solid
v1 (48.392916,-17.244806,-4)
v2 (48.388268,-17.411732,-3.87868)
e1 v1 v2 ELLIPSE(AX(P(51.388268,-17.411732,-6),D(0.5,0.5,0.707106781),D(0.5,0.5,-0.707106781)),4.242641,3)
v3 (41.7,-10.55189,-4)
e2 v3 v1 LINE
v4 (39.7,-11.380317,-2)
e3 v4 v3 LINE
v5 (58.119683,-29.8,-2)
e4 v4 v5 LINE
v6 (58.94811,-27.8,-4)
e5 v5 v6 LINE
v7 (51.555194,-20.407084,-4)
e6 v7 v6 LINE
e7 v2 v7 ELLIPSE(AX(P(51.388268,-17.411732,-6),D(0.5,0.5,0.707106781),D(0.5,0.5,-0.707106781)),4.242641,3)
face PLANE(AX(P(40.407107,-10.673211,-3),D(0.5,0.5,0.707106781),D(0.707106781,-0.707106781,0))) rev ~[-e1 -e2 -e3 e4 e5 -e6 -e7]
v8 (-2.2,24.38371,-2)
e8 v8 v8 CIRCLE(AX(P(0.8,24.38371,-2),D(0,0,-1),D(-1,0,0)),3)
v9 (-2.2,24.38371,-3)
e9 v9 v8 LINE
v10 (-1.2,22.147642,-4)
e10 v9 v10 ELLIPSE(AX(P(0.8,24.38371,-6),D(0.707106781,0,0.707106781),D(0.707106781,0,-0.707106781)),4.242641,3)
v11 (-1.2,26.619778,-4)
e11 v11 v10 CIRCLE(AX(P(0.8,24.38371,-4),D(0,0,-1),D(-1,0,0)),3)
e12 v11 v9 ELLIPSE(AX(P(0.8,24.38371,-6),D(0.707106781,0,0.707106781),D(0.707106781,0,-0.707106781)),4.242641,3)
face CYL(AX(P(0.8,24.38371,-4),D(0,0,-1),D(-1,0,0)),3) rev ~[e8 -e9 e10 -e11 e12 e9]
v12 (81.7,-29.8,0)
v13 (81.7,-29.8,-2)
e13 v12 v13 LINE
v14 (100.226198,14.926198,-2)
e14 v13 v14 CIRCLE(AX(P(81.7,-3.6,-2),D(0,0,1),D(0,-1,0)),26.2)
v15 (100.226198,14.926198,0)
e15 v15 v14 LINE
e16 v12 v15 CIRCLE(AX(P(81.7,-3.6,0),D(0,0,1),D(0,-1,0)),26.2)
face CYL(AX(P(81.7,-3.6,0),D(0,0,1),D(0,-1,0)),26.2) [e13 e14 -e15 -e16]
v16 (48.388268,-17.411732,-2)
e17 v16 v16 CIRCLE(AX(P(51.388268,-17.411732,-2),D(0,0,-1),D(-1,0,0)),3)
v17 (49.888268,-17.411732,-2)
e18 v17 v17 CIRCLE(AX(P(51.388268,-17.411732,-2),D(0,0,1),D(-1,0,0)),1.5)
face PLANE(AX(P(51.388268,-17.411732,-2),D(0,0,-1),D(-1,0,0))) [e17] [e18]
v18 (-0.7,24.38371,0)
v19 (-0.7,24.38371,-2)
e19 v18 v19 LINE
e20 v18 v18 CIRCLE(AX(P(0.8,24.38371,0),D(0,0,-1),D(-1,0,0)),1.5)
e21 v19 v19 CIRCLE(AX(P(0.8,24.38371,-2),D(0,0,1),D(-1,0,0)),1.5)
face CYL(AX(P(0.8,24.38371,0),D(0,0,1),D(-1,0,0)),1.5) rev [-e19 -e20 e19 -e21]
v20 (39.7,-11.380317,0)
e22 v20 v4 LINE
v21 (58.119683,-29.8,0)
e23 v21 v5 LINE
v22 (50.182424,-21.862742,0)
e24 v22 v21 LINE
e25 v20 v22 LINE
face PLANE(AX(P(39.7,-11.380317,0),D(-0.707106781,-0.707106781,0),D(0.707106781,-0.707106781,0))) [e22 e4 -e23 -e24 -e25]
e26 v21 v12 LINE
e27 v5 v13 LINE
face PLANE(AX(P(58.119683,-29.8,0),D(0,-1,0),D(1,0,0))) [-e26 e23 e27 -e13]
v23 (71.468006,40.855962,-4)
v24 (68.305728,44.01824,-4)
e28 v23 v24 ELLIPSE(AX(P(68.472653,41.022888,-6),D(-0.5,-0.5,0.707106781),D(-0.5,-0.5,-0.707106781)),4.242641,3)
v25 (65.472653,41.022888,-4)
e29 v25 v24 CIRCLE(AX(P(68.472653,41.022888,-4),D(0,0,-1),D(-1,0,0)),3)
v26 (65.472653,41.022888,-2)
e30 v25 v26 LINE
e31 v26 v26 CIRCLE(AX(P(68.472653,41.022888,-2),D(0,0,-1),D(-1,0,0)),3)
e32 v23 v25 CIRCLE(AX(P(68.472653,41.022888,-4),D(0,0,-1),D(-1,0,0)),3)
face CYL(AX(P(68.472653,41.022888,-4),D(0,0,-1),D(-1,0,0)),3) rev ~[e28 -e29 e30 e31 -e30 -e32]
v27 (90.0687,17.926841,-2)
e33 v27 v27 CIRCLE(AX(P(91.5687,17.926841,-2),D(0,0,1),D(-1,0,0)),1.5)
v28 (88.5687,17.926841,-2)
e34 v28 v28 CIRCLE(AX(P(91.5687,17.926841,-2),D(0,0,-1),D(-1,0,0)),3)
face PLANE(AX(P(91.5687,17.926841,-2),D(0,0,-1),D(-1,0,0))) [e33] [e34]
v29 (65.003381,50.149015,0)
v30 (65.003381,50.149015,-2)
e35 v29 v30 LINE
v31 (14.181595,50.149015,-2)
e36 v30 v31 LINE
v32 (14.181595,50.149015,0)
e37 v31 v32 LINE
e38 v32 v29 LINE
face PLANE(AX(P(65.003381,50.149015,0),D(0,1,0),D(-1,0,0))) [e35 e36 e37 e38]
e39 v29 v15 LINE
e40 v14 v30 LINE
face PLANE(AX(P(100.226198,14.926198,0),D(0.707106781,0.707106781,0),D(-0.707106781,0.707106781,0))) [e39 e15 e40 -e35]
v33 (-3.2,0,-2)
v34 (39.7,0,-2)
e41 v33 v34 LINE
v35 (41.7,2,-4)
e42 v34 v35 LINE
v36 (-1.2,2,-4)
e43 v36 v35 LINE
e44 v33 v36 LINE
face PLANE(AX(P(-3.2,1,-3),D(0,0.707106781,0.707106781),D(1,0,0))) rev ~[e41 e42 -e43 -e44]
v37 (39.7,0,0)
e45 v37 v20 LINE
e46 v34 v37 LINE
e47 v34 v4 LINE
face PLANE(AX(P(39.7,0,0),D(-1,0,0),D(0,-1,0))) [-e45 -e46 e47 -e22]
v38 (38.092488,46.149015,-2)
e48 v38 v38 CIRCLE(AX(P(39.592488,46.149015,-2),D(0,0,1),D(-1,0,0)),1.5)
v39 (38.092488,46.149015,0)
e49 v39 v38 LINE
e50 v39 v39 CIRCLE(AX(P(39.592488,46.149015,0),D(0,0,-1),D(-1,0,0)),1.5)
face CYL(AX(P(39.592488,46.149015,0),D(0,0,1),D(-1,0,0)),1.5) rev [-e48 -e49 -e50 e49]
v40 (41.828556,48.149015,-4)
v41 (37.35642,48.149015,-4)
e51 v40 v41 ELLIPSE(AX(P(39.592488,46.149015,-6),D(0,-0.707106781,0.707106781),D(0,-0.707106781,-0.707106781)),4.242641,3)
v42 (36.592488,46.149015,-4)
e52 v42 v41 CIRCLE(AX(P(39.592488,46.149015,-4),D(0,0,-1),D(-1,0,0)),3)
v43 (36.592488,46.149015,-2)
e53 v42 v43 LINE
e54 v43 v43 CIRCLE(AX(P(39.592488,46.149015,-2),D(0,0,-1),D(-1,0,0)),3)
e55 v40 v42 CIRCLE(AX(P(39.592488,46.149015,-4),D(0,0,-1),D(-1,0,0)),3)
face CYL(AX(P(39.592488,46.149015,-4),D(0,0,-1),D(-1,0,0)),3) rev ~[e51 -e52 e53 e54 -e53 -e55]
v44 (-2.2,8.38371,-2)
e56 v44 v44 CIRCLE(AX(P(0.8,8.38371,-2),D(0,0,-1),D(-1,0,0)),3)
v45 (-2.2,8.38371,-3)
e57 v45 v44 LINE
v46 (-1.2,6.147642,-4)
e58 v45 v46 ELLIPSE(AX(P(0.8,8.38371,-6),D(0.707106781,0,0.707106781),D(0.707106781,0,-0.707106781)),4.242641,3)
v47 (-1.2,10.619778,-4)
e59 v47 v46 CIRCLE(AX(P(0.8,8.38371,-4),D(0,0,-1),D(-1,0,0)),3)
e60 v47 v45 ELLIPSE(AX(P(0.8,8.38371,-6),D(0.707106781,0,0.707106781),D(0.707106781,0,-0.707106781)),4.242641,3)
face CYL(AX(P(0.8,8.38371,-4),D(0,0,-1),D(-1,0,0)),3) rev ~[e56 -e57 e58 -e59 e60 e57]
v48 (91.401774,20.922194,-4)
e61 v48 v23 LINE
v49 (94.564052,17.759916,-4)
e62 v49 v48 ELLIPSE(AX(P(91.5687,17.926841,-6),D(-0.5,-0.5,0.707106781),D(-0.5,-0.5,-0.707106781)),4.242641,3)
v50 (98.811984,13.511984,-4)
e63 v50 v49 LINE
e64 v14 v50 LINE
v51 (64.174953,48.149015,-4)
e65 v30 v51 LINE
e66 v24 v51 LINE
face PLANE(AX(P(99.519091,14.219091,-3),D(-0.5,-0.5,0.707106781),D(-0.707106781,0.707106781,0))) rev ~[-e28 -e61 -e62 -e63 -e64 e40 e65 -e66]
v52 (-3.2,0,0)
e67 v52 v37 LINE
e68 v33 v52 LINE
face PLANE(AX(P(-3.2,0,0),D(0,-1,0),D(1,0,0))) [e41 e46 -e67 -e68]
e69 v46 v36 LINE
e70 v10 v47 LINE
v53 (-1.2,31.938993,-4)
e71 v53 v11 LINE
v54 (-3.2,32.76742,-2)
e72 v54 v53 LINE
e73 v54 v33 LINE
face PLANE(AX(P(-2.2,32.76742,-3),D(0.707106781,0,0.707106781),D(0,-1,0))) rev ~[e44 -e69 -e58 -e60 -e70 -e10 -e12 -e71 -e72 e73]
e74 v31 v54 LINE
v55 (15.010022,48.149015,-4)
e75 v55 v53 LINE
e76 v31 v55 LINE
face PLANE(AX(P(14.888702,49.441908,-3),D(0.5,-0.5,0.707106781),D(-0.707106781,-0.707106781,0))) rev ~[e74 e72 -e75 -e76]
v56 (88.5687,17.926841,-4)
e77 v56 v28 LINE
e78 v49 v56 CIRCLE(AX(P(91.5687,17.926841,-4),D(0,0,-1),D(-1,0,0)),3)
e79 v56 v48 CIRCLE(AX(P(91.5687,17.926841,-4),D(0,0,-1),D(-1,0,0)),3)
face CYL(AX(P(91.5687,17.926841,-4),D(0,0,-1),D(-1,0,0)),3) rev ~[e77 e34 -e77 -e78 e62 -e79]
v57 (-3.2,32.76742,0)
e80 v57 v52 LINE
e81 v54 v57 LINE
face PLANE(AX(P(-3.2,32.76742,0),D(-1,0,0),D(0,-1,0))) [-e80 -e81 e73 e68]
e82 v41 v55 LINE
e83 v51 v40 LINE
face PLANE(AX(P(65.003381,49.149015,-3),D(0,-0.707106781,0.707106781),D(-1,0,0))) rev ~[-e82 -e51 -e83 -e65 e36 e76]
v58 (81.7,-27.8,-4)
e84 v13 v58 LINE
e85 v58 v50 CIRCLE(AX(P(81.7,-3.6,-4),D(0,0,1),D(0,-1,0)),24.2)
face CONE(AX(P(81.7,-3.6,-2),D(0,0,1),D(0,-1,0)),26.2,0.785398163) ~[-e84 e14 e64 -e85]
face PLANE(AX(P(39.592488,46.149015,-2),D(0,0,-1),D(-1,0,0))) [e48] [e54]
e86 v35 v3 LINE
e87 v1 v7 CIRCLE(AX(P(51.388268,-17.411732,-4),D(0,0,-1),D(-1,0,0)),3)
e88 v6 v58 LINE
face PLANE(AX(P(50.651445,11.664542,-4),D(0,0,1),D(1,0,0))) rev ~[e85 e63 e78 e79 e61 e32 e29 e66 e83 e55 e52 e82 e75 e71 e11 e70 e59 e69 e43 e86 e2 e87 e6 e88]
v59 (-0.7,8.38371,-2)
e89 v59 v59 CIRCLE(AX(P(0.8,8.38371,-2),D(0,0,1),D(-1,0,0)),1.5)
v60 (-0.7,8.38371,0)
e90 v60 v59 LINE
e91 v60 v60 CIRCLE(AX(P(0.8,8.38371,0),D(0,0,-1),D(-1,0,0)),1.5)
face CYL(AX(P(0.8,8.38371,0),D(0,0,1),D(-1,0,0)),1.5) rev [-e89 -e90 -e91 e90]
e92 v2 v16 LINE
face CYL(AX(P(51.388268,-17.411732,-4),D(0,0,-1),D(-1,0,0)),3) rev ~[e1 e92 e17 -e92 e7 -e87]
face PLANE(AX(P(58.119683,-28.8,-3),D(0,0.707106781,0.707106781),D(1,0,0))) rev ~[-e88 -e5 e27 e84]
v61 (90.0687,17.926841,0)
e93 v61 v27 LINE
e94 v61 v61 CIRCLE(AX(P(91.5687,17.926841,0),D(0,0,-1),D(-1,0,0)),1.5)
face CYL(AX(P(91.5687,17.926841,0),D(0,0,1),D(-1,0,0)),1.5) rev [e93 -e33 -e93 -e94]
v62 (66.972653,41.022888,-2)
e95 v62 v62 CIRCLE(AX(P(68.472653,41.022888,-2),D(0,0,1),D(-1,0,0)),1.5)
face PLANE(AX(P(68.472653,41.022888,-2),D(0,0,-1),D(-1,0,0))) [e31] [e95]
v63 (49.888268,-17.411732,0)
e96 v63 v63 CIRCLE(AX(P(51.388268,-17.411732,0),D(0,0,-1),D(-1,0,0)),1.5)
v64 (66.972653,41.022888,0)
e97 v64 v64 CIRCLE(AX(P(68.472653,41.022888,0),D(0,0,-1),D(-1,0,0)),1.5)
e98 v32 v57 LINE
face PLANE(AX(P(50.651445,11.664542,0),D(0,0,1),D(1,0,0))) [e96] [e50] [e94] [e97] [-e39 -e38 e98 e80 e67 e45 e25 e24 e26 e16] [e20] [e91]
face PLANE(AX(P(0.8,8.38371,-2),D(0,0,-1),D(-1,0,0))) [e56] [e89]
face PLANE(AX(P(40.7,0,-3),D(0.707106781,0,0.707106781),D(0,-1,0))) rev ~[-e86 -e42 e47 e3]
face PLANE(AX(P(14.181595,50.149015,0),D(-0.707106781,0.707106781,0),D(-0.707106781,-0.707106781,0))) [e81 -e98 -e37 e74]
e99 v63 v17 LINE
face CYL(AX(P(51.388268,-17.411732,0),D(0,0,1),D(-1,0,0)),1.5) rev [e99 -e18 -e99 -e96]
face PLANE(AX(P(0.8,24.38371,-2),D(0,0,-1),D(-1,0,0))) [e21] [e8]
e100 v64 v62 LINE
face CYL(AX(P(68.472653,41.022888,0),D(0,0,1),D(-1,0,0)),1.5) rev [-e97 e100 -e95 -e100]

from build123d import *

# Parameters (mm, degrees)
RESSALTO_EXTRUS_O1_DEPTH = 48
ESBO_O12_R               = 1.5
CORTE_EXTRUS_O10_DEPTH   = 10
ESBO_O13_R               = 1.5
CORTE_EXTRUS_O11_DEPTH   = 10
ESBO_O14_R               = 1.5
CORTE_EXTRUS_O12_DEPTH   = 10
ESBO_O15_R               = 1.5
CORTE_EXTRUS_O13_DEPTH   = 10
CORTE_EXTRUS_O14_DEPTH   = 10
ESBO_O17_R               = 4
ESBO_O17_W               = 2.8
ESBO_O17_H               = 2.8
RESSALTO_EXTRUS_O2_DEPTH = 4
ESBO_O18_R               = 1.5
RESSALTO_EXTRUS_O3_DEPTH = 4
CHANFRO1_SIZE            = 2
CORTE_EXTRUS_O15_DEPTH   = 48
ESBO_O20_R               = 3
CORTE_EXTRUS_O16_DEPTH   = 2


with BuildPart() as part:
    # Model → Ressalto-extrusão1 (new body)
    with BuildSketch(Plane.XY):
        with BuildLine():
            Line((-0.7, 0), (39, 0))
            Line((39, 0), (39.7, 0))
            Line((39.7, 0), (39.7, -11.380317396))
            Line((39.7, -11.380317396), (50.182424304, -21.8627417))
            Line((50.182424304, -21.8627417), (58.119682605, -29.8))
            Line((58.119682605, -29.8), (81.7, -29.8))
            ThreePointArc((81.7, -29.8), (105.905643752, -13.626305928), (100.226197667, 14.926197667))
            Line((100.226197667, 14.926197667), (65.00338056, 50.149014774))
            Line((65.00338056, 50.149014774), (50.111140335, 50.149014774))
            Line((50.111140335, 50.149014774), (14.181595121, 50.149014774))
            Line((14.181595121, 50.149014774), (-3.2, 32.767419653))
            Line((-3.2, 32.767419653), (-3.2, 5))
            Line((-3.2, 5), (-3.2, 0))
            Line((-3.2, 0), (-0.7, 0))
        make_face()
        with BuildLine():
            Line((-0.7, 2.5), (39, 2.5))
            Line((39, 2.5), (39.7, 2.5))
            Line((39.7, 2.5), (42.2, 2.5))
            Line((42.2, 2.5), (42.2, -10.34478349))
            Line((42.2, -10.34478349), (51.950191257, -20.094974747))
            Line((51.950191257, -20.094974747), (59.15521651, -27.3))
            Line((59.15521651, -27.3), (81.7, -27.3))
            ThreePointArc((81.7, -27.3), (103.595944921, -12.669597347), (98.458430714, 13.158430714))
            Line((98.458430714, 13.158430714), (63.967846654, 47.649014774))
            Line((63.967846654, 47.649014774), (50.111140335, 47.649014774))
            Line((50.111140335, 47.649014774), (15.217129027, 47.649014774))
            Line((15.217129027, 47.649014774), (-0.7, 31.731885747))
            Line((-0.7, 31.731885747), (-0.7, 2.5))
        make_face(mode=Mode.SUBTRACT)
    extrude(amount=RESSALTO_EXTRUS_O1_DEPTH)

    # Esboço12 → Corte-extrusão10 (cut)
    with BuildSketch(Plane(origin=(57.576197667, 57.576197667, 0), x_dir=(0, 0, -1), z_dir=(0.707106781, 0.707106781, 0))):
        with Locations((-44, -19.409915607)):
            Circle(ESBO_O12_R)
        with Locations((-44, -51.409915607)):
            Circle(ESBO_O12_R)
    extrude(amount=-CORTE_EXTRUS_O10_DEPTH, mode=Mode.SUBTRACT)

    # Esboço13 → Corte-extrusão11 (cut)
    with BuildSketch(Plane(origin=(0, 50.149014774, 0), x_dir=(1, 0, 0), z_dir=(0, 1, 0))):
        with Locations((39.59248784, -44)):
            Circle(ESBO_O13_R)
    extrude(amount=-CORTE_EXTRUS_O11_DEPTH, mode=Mode.SUBTRACT)

    # Esboço14 → Corte-extrusão12 (cut)
    with BuildSketch(Plane.ZY.offset(3.2)):
        with Locations((44, 24.383709827)):
            Circle(ESBO_O14_R)
        with Locations((44, 8.383709827)):
            Circle(ESBO_O14_R)
    extrude(amount=-CORTE_EXTRUS_O12_DEPTH, mode=Mode.SUBTRACT)

    # Esboço15 → Corte-extrusão13 (cut)
    with BuildSketch(Plane(origin=(14.159841302, 14.159841302, 0), x_dir=(0, 0, 1), z_dir=(-0.707106781, -0.707106781, 0))):
        with Locations((44, -48.648946546)):
            Circle(ESBO_O15_R)
    extrude(amount=-CORTE_EXTRUS_O13_DEPTH, mode=Mode.SUBTRACT)

    # Esboço16 → Corte-extrusão14 (cut)
    with BuildSketch(Plane.XY.offset(48)):
        Polygon((39.7, 0), (39.7, -2), (42.2, -2), (42.2, 2.5), (-0.7, 2.5), (-0.7, 0), align=None)
    extrude(amount=-CORTE_EXTRUS_O14_DEPTH, mode=Mode.SUBTRACT)

    # Esboço17 → Ressalto-extrusão2 (add)
    with BuildSketch(Plane(origin=(0, 0, 0), x_dir=(-1, 0, 0), z_dir=(0, 0, -1))):
        with Locations((-91.100070488, 18.395470597)):
            Circle(ESBO_O17_R)
        with Locations((-91.100070488, 18.395470597)):
            Rectangle(ESBO_O17_W, ESBO_O17_H, mode=Mode.SUBTRACT)
        with Locations((-68.47265349, 41.022887595)):
            Circle(ESBO_O17_R)
        with Locations((-68.47265349, 41.022887595)):
            Rectangle(ESBO_O17_W, ESBO_O17_H, mode=Mode.SUBTRACT)
        with Locations((-39.59248784, 46.149014774)):
            Circle(ESBO_O17_R)
        with Locations((-39.59248784, 46.149014774)):
            Rectangle(ESBO_O17_W, ESBO_O17_H, mode=Mode.SUBTRACT)
        with Locations((-0.8, 24.383709827)):
            Circle(ESBO_O17_R)
        with Locations((-0.8, 24.383709827)):
            Rectangle(ESBO_O17_W, ESBO_O17_H, mode=Mode.SUBTRACT)
        with Locations((-0.8, 8.383709827)):
            Circle(ESBO_O17_R)
        with Locations((-0.8, 8.383709827)):
            Rectangle(ESBO_O17_W, ESBO_O17_H, mode=Mode.SUBTRACT)
        with Locations((-51.388268427, -17.411731573)):
            Circle(ESBO_O17_R)
        with Locations((-51.388268427, -17.411731573)):
            Rectangle(ESBO_O17_W, ESBO_O17_H, mode=Mode.SUBTRACT)
    extrude(amount=-RESSALTO_EXTRUS_O2_DEPTH)

    # Esboço18 → Ressalto-extrusão3 (add)
    with BuildSketch(Plane(origin=(0, 0, 0), x_dir=(-1, 0, 0), z_dir=(0, 0, -1))):
        with BuildLine():
            Line((-65.00338056, 50.149014774), (-14.181595121, 50.149014774))
            Line((-14.181595121, 50.149014774), (3.2, 32.767419653))
            Line((3.2, 32.767419653), (3.2, 0))
            Line((3.2, 0), (-39.7, 0))
            Line((-39.7, 0), (-39.7, -11.380317396))
            Line((-39.7, -11.380317396), (-58.119682605, -29.8))
            Line((-58.119682605, -29.8), (-81.7, -29.8))
            ThreePointArc((-81.7, -29.8), (-105.905643752, -13.626305928), (-100.226197667, 14.926197667))
            Line((-100.226197667, 14.926197667), (-65.00338056, 50.149014774))
        make_face()
        with Locations((-91.568699638, 17.926841447)):
            Circle(ESBO_O18_R, mode=Mode.SUBTRACT)
        with Locations((-68.47265349, 41.022887595)):
            Circle(ESBO_O18_R, mode=Mode.SUBTRACT)
        with Locations((-39.59248784, 46.149014774)):
            Circle(ESBO_O18_R, mode=Mode.SUBTRACT)
        with Locations((-0.8, 24.383709827)):
            Circle(ESBO_O18_R, mode=Mode.SUBTRACT)
        with Locations((-51.388268427, -17.411731573)):
            Circle(ESBO_O18_R, mode=Mode.SUBTRACT)
        with Locations((-0.8, 8.383709827)):
            Circle(ESBO_O18_R, mode=Mode.SUBTRACT)
    extrude(amount=RESSALTO_EXTRUS_O3_DEPTH)

    # Chanfro1
    chanfro1_edges = [part.edges().sort_by_distance(p)[0] for p in [
        (82.614789114, 32.53760622, -4),
        (105.905643752, -13.626305928, -4),
        (69.909841302, -29.8, -4),
        (48.909841302, -20.590158698, -4),
        (39.7, -5.690158698, -4),
        (18.25, 0, -4),
        (-3.2, 16.383709827, -4),
        (5.49079756, 41.458217213, -4),
        (39.59248784, 50.149014774, -4),
    ]]
    chamfer(chanfro1_edges, length=CHANFRO1_SIZE)

    # Esboço19 → Corte-extrusão15 (cut)
    with BuildSketch(Plane.XY.offset(48)):
        with BuildLine():
            Line((65.00338056, 50.149014774), (14.181595121, 50.149014774))
            Line((14.181595121, 50.149014774), (-3.2, 32.767419653))
            Line((-3.2, 32.767419653), (-3.2, 0))
            Line((-3.2, 0), (39.7, 0))
            Line((39.7, 0), (39.7, -11.380317396))
            Line((39.7, -11.380317396), (58.119682605, -29.8))
            Line((58.119682605, -29.8), (81.7, -29.8))
            ThreePointArc((81.7, -29.8), (105.905643752, -13.626305928), (100.226197667, 14.926197667))
            Line((100.226197667, 14.926197667), (65.00338056, 50.149014774))
        make_face()
    extrude(amount=-CORTE_EXTRUS_O15_DEPTH, mode=Mode.SUBTRACT)

    # Esboço20 → Corte-extrusão16 (cut)
    with BuildSketch(Plane(origin=(0, 0, -4), x_dir=(-1, 0, 0), z_dir=(0, 0, -1))):
        with Locations((-0.8, 24.383709827)):
            Circle(ESBO_O20_R)
        with Locations((-0.8, 8.383709827)):
            Circle(ESBO_O20_R)
        with Locations((-39.59248784, 46.149014774)):
            Circle(ESBO_O20_R)
        with Locations((-68.47265349, 41.022887595)):
            Circle(ESBO_O20_R)
        with Locations((-51.388268427, -17.411731573)):
            Circle(ESBO_O20_R)
        with Locations((-91.568699638, 17.926841447)):
            Circle(ESBO_O20_R)
    extrude(amount=-CORTE_EXTRUS_O16_DEPTH, mode=Mode.SUBTRACT)


solid = part.part
